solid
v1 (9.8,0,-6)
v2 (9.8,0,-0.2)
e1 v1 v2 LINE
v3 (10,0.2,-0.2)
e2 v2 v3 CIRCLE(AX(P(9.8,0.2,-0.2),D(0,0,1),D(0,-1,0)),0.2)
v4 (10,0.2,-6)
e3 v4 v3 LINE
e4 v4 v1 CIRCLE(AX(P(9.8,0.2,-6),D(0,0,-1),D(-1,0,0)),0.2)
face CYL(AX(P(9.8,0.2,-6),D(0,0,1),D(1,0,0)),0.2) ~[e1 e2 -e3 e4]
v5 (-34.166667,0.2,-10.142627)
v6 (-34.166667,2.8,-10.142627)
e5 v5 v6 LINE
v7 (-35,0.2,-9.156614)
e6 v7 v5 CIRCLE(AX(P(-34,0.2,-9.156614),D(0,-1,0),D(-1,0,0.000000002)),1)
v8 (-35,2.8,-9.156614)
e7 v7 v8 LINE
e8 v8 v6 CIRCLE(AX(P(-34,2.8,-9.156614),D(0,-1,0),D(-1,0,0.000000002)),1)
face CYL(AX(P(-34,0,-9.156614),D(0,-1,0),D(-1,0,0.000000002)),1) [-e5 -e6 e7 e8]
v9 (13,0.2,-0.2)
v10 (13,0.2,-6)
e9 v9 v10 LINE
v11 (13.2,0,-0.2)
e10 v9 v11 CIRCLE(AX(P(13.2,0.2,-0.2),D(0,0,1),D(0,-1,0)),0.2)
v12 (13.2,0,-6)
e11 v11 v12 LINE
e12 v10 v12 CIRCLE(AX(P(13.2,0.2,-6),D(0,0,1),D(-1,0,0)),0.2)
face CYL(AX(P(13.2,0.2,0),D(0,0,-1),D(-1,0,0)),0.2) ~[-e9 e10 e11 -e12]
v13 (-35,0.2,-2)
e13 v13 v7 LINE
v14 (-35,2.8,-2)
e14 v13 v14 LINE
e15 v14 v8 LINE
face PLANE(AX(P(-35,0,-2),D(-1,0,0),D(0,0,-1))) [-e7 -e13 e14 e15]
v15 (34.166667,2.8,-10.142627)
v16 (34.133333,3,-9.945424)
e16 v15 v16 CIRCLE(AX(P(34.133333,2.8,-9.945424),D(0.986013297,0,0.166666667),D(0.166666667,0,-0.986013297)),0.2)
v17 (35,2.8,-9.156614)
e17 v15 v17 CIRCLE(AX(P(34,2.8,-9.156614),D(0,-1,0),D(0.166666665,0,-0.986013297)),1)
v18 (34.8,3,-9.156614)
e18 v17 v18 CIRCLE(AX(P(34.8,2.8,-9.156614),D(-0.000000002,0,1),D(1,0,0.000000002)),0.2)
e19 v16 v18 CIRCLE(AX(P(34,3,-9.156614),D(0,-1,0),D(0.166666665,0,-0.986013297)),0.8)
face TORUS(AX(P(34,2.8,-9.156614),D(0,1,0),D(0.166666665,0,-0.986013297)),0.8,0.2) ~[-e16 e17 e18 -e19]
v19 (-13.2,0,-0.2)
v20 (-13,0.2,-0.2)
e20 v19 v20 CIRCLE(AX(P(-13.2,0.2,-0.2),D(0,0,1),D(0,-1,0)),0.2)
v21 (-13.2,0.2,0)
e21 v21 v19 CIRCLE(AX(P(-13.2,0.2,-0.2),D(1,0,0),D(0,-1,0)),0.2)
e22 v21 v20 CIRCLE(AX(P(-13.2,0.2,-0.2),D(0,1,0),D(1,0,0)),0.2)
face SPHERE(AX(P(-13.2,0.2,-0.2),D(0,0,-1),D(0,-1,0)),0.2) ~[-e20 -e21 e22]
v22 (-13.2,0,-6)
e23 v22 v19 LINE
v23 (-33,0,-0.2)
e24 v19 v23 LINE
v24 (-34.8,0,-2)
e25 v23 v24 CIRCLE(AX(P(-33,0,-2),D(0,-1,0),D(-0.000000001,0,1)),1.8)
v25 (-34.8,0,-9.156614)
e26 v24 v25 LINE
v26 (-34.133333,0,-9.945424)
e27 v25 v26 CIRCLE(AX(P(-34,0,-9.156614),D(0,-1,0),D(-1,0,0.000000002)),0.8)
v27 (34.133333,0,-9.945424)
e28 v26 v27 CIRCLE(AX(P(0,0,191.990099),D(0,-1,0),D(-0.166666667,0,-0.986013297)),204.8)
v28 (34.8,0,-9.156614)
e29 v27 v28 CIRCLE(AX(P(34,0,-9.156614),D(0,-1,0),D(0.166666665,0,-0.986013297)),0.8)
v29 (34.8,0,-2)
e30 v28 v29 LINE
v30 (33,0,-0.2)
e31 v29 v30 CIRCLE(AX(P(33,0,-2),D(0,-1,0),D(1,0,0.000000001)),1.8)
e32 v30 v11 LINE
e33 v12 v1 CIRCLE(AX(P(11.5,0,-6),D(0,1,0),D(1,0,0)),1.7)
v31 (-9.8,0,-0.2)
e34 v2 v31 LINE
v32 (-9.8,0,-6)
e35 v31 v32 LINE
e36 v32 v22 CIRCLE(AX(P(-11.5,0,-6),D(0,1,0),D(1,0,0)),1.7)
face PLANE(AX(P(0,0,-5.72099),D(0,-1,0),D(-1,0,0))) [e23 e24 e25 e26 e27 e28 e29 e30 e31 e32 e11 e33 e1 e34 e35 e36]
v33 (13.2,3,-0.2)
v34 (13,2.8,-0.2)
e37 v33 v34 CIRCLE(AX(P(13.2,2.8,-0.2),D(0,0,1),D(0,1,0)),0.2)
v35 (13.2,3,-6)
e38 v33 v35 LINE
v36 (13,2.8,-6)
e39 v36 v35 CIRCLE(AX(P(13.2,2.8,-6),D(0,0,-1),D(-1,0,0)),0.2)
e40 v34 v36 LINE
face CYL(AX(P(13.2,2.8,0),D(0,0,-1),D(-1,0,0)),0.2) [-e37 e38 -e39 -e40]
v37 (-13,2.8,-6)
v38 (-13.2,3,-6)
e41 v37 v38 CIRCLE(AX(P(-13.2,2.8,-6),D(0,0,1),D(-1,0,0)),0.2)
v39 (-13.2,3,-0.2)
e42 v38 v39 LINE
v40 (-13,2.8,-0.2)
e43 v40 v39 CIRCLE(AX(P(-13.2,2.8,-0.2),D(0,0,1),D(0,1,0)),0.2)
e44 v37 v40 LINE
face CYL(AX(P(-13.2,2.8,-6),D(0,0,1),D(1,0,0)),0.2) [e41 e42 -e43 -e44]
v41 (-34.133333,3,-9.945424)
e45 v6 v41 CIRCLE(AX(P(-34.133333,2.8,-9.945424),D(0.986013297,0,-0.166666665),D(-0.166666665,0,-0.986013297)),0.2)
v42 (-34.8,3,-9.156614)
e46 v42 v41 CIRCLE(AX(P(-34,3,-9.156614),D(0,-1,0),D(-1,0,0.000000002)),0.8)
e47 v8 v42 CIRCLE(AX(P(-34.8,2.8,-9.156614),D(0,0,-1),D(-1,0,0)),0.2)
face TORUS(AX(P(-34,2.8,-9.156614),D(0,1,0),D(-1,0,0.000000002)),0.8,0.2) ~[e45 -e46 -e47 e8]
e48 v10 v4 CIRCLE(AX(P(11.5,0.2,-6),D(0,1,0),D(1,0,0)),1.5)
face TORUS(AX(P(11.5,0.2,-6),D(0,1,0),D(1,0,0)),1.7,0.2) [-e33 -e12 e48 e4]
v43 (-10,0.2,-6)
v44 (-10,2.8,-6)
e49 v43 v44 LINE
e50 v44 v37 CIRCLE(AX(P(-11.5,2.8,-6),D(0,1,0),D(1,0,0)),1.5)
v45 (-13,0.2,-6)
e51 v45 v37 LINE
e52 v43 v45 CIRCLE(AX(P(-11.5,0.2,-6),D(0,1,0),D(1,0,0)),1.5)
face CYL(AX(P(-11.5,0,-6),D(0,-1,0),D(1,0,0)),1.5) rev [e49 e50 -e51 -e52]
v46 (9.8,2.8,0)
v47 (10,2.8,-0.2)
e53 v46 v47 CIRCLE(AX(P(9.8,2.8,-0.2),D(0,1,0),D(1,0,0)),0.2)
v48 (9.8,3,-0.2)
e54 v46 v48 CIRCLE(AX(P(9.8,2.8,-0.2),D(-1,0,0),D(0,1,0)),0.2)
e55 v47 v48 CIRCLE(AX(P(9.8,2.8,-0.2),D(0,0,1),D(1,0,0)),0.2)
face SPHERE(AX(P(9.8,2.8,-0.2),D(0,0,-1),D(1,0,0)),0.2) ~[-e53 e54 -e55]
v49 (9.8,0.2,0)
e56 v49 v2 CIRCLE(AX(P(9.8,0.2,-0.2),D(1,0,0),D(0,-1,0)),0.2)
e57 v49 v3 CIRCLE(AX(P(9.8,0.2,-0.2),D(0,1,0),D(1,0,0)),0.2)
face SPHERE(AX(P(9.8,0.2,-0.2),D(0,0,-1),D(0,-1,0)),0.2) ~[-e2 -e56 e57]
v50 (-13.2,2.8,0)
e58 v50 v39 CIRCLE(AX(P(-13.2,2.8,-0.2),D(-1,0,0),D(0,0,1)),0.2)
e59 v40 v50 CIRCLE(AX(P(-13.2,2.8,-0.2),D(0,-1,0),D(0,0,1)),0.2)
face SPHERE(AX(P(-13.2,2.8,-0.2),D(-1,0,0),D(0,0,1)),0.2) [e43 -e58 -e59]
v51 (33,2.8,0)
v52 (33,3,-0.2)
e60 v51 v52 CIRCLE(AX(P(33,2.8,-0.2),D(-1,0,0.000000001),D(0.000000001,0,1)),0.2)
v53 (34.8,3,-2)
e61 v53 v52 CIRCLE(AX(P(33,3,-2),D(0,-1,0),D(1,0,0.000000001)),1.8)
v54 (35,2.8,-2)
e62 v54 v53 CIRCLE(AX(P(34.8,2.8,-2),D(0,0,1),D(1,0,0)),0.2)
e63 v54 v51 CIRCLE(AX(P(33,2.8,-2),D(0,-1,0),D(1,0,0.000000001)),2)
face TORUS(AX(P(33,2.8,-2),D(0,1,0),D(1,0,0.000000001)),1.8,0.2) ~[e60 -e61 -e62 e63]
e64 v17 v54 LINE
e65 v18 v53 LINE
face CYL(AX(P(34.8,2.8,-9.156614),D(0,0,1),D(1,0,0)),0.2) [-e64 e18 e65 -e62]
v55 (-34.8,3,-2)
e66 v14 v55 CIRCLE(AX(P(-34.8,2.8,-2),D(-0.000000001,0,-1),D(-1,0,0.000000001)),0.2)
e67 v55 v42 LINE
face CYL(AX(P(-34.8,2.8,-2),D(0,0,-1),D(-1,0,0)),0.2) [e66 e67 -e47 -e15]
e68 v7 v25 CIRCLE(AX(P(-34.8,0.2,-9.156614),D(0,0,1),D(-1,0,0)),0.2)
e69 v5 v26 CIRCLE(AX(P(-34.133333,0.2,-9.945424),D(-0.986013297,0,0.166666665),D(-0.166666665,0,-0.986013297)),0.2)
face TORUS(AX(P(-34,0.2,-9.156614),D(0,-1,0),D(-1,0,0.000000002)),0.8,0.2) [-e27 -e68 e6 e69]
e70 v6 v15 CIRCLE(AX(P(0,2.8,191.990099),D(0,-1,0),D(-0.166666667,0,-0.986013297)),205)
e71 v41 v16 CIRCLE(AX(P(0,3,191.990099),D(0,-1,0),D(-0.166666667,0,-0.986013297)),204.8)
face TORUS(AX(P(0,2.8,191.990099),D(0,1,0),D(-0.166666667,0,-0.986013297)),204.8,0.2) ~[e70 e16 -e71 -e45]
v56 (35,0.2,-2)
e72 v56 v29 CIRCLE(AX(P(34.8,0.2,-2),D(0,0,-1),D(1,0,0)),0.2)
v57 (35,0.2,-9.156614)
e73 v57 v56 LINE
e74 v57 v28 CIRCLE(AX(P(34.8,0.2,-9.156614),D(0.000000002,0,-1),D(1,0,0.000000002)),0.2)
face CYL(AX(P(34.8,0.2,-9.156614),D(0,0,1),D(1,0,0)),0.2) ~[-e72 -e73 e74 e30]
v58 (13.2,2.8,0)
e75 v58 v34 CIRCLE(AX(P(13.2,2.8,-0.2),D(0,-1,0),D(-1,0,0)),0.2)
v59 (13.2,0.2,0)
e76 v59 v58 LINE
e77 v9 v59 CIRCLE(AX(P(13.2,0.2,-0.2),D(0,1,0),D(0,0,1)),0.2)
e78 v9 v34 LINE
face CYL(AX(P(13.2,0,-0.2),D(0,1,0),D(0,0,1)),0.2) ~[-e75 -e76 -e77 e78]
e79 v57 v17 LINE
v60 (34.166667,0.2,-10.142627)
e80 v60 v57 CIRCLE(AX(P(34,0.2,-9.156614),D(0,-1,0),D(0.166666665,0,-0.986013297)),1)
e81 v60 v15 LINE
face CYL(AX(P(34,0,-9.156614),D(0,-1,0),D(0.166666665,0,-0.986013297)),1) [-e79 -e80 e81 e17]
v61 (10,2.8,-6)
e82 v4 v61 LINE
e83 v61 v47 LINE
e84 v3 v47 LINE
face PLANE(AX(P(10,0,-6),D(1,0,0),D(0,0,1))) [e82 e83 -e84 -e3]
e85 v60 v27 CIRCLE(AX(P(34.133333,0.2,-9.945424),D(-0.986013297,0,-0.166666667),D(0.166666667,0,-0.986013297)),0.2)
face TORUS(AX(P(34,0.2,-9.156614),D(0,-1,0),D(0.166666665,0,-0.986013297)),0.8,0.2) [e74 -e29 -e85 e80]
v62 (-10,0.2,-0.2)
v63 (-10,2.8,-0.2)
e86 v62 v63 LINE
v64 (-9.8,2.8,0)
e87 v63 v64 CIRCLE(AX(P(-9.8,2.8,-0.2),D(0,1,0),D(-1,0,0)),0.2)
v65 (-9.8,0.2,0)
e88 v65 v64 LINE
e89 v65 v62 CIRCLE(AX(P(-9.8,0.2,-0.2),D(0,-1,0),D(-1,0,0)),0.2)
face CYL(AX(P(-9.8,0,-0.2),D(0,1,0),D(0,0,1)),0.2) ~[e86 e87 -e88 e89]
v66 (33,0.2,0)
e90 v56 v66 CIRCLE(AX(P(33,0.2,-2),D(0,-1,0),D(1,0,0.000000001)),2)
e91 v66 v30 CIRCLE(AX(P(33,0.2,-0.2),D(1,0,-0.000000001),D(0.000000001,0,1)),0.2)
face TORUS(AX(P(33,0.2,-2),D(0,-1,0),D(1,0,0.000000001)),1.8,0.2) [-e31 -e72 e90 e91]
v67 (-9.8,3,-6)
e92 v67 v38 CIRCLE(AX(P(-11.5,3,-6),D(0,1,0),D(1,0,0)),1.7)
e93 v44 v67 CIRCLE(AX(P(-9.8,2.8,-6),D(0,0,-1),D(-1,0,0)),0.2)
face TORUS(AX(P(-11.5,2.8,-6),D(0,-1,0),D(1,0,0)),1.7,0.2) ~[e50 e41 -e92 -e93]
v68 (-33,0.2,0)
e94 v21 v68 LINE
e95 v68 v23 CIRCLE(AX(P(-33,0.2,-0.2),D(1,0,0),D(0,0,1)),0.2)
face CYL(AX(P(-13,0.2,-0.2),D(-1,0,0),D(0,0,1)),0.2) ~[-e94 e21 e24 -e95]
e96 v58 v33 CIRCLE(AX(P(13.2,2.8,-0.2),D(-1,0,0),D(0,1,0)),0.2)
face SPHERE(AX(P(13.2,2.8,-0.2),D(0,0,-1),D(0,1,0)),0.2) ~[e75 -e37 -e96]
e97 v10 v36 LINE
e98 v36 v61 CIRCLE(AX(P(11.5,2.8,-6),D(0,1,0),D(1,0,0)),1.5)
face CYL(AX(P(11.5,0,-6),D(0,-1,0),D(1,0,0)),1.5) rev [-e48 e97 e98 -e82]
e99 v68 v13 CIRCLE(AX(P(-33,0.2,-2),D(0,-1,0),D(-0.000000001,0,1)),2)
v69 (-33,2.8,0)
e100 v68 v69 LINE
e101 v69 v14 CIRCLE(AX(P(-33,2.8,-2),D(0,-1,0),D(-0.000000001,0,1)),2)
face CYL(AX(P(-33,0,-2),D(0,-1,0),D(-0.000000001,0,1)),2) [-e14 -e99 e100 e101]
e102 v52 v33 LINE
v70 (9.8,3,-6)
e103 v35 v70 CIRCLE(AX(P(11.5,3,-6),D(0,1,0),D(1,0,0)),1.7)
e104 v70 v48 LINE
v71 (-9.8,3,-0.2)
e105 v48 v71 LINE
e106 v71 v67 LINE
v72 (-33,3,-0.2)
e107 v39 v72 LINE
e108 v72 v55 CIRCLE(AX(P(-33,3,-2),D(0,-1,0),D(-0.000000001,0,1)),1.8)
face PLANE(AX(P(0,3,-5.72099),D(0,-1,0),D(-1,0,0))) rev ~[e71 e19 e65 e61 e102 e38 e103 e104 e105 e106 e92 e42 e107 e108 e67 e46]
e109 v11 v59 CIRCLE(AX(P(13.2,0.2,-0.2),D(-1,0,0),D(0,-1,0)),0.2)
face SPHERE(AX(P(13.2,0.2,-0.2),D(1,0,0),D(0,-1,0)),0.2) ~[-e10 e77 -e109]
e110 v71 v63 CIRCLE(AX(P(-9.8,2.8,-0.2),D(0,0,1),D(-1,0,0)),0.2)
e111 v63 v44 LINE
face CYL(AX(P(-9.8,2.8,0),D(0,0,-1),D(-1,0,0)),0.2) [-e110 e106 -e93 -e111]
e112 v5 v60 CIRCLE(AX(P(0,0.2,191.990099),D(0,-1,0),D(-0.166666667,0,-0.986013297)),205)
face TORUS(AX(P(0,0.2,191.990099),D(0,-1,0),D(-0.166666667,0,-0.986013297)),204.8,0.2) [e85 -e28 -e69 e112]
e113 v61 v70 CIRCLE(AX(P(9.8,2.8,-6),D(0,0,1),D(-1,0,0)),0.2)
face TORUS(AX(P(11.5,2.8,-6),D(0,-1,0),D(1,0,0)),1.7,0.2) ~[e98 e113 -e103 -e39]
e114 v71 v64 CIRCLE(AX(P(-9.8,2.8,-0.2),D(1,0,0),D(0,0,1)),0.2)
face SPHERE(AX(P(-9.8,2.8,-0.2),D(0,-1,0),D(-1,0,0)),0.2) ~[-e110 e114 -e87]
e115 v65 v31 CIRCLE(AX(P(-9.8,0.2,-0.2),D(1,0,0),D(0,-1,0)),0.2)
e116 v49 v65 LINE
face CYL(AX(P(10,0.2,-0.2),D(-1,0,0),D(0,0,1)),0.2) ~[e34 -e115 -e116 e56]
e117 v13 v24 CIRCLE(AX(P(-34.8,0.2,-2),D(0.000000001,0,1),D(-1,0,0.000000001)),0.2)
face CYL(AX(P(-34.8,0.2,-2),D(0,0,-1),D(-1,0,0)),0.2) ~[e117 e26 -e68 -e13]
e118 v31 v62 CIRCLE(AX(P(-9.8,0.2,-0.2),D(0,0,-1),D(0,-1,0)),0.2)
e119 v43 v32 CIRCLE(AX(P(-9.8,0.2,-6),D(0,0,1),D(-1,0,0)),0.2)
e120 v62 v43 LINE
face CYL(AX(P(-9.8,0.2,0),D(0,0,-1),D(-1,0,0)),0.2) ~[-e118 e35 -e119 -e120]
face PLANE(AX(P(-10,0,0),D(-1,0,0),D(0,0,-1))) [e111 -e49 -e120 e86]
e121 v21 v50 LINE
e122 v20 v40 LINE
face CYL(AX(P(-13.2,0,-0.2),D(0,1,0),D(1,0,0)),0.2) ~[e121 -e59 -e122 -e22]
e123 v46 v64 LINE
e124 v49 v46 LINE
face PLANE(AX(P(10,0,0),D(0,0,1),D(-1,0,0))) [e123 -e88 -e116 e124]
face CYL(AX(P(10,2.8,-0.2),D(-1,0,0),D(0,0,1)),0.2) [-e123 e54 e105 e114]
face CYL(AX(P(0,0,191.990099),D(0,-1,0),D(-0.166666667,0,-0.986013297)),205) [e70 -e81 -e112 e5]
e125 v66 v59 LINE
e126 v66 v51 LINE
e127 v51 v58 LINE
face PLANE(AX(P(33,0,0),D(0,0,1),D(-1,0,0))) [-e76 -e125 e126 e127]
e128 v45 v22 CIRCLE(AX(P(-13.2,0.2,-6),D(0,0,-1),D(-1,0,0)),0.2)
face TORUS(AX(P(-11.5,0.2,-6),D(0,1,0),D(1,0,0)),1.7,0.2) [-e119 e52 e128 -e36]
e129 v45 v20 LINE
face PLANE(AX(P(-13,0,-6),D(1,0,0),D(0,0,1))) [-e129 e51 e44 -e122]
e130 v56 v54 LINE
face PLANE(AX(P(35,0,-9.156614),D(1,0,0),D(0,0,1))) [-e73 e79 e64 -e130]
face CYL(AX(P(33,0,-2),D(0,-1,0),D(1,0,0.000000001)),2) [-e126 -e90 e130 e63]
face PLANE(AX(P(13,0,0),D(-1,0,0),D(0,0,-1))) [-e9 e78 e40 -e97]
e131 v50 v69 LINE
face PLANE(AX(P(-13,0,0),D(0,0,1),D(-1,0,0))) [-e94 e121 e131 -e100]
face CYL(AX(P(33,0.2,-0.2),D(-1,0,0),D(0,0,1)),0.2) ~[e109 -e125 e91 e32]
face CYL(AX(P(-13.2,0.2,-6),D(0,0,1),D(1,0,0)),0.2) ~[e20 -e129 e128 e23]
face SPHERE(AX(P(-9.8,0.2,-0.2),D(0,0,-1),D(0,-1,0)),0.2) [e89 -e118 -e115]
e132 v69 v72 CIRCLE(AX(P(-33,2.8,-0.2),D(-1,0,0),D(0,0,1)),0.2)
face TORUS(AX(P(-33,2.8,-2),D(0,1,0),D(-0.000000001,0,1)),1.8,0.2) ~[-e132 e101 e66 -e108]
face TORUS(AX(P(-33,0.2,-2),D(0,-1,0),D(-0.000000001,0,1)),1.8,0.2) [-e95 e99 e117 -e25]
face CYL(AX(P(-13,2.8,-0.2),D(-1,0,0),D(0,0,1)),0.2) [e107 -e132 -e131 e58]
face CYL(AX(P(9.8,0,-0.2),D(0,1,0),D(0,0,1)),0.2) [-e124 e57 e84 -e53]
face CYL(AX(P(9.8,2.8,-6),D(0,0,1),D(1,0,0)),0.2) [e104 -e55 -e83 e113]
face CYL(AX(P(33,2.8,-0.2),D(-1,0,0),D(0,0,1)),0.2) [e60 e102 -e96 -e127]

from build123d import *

# Parameters (mm, degrees)
BOSS_EXTRUDE1_DEPTH = 3
FILLET1_R           = 0.2


with BuildPart() as part:
    # Sketch1 → Boss-Extrude1 (new body)
    with BuildSketch(Plane(origin=(0, 0, 0), x_dir=(1, 0, 0), z_dir=(0, 1, 0))):
        with BuildLine():
            Line((10, 0), (-10, 0))
            Line((-10, 0), (-10, 6))
            ThreePointArc((-10, 6), (-11.5, 7.5), (-13, 6))
            Line((-13, 6), (-13, 0))
            Line((-13, 0), (-33, 0))
            ThreePointArc((-33, 0), (-34.414213562, 0.585786438), (-35, 2))
            Line((-35, 2), (-35, 9.156613858))
            ThreePointArc((-35, 9.156613858), (-34.763762616, 9.802111083), (-34.166666667, 10.142627155))
            ThreePointArc((-34.166666667, 10.142627155), (0, 13.009901233), (34.166666667, 10.142627155))
            ThreePointArc((34.166666667, 10.142627155), (34.763762616, 9.802111083), (35, 9.156613858))
            Line((35, 9.156613858), (35, 2))
            ThreePointArc((35, 2), (34.414213562, 0.585786438), (33, 0))
            Line((33, 0), (13, 0))
            Line((13, 0), (13, 6))
            ThreePointArc((13, 6), (11.5, 7.5), (10, 6))
            Line((10, 6), (10, 0))
        make_face()
    extrude(amount=BOSS_EXTRUDE1_DEPTH)

    # Fillet1
    fillet1_edges = [part.edges().sort_by_distance(p)[0] for p in [
        (10, 3, -3),
        (11.5, 3, -7.5),
        (-11.5, 0, -7.5),
        (-13, 0, -3),
        (-23, 0, 0),
        (-34.414213562, 0, -0.585786438),
        (-35, 0, -5.578306929),
        (13, 3, -3),
        (-34.763762616, 0, -9.802111083),
        (0, 0, -13.009901233),
        (34.763762616, 0, -9.802111083),
        (35, 0, -5.578306929),
        (34.414213562, 0, -0.585786438),
        (23, 0, 0),
        (13, 0, -3),
        (11.5, 0, -7.5),
        (23, 3, 0),
        (10, 0, -3),
        (0, 0, 0),
        (-10, 0, -3),
        (34.414213562, 3, -0.585786438),
        (35, 3, -5.578306929),
        (-13, 1.5, 0),
        (13, 1.5, 0),
        (10, 1.5, 0),
        (-10, 1.5, 0),
        (34.763762616, 3, -9.802111083),
        (0, 3, -13.009901233),
        (-34.763762616, 3, -9.802111083),
        (-35, 3, -5.578306929),
        (-10, 3, -3),
        (-34.414213562, 3, -0.585786438),
        (-23, 3, 0),
        (-13, 3, -3),
        (-11.5, 3, -7.5),
        (0, 3, 0),
    ]]
    fillet(fillet1_edges, radius=FILLET1_R)


solid = part.part
